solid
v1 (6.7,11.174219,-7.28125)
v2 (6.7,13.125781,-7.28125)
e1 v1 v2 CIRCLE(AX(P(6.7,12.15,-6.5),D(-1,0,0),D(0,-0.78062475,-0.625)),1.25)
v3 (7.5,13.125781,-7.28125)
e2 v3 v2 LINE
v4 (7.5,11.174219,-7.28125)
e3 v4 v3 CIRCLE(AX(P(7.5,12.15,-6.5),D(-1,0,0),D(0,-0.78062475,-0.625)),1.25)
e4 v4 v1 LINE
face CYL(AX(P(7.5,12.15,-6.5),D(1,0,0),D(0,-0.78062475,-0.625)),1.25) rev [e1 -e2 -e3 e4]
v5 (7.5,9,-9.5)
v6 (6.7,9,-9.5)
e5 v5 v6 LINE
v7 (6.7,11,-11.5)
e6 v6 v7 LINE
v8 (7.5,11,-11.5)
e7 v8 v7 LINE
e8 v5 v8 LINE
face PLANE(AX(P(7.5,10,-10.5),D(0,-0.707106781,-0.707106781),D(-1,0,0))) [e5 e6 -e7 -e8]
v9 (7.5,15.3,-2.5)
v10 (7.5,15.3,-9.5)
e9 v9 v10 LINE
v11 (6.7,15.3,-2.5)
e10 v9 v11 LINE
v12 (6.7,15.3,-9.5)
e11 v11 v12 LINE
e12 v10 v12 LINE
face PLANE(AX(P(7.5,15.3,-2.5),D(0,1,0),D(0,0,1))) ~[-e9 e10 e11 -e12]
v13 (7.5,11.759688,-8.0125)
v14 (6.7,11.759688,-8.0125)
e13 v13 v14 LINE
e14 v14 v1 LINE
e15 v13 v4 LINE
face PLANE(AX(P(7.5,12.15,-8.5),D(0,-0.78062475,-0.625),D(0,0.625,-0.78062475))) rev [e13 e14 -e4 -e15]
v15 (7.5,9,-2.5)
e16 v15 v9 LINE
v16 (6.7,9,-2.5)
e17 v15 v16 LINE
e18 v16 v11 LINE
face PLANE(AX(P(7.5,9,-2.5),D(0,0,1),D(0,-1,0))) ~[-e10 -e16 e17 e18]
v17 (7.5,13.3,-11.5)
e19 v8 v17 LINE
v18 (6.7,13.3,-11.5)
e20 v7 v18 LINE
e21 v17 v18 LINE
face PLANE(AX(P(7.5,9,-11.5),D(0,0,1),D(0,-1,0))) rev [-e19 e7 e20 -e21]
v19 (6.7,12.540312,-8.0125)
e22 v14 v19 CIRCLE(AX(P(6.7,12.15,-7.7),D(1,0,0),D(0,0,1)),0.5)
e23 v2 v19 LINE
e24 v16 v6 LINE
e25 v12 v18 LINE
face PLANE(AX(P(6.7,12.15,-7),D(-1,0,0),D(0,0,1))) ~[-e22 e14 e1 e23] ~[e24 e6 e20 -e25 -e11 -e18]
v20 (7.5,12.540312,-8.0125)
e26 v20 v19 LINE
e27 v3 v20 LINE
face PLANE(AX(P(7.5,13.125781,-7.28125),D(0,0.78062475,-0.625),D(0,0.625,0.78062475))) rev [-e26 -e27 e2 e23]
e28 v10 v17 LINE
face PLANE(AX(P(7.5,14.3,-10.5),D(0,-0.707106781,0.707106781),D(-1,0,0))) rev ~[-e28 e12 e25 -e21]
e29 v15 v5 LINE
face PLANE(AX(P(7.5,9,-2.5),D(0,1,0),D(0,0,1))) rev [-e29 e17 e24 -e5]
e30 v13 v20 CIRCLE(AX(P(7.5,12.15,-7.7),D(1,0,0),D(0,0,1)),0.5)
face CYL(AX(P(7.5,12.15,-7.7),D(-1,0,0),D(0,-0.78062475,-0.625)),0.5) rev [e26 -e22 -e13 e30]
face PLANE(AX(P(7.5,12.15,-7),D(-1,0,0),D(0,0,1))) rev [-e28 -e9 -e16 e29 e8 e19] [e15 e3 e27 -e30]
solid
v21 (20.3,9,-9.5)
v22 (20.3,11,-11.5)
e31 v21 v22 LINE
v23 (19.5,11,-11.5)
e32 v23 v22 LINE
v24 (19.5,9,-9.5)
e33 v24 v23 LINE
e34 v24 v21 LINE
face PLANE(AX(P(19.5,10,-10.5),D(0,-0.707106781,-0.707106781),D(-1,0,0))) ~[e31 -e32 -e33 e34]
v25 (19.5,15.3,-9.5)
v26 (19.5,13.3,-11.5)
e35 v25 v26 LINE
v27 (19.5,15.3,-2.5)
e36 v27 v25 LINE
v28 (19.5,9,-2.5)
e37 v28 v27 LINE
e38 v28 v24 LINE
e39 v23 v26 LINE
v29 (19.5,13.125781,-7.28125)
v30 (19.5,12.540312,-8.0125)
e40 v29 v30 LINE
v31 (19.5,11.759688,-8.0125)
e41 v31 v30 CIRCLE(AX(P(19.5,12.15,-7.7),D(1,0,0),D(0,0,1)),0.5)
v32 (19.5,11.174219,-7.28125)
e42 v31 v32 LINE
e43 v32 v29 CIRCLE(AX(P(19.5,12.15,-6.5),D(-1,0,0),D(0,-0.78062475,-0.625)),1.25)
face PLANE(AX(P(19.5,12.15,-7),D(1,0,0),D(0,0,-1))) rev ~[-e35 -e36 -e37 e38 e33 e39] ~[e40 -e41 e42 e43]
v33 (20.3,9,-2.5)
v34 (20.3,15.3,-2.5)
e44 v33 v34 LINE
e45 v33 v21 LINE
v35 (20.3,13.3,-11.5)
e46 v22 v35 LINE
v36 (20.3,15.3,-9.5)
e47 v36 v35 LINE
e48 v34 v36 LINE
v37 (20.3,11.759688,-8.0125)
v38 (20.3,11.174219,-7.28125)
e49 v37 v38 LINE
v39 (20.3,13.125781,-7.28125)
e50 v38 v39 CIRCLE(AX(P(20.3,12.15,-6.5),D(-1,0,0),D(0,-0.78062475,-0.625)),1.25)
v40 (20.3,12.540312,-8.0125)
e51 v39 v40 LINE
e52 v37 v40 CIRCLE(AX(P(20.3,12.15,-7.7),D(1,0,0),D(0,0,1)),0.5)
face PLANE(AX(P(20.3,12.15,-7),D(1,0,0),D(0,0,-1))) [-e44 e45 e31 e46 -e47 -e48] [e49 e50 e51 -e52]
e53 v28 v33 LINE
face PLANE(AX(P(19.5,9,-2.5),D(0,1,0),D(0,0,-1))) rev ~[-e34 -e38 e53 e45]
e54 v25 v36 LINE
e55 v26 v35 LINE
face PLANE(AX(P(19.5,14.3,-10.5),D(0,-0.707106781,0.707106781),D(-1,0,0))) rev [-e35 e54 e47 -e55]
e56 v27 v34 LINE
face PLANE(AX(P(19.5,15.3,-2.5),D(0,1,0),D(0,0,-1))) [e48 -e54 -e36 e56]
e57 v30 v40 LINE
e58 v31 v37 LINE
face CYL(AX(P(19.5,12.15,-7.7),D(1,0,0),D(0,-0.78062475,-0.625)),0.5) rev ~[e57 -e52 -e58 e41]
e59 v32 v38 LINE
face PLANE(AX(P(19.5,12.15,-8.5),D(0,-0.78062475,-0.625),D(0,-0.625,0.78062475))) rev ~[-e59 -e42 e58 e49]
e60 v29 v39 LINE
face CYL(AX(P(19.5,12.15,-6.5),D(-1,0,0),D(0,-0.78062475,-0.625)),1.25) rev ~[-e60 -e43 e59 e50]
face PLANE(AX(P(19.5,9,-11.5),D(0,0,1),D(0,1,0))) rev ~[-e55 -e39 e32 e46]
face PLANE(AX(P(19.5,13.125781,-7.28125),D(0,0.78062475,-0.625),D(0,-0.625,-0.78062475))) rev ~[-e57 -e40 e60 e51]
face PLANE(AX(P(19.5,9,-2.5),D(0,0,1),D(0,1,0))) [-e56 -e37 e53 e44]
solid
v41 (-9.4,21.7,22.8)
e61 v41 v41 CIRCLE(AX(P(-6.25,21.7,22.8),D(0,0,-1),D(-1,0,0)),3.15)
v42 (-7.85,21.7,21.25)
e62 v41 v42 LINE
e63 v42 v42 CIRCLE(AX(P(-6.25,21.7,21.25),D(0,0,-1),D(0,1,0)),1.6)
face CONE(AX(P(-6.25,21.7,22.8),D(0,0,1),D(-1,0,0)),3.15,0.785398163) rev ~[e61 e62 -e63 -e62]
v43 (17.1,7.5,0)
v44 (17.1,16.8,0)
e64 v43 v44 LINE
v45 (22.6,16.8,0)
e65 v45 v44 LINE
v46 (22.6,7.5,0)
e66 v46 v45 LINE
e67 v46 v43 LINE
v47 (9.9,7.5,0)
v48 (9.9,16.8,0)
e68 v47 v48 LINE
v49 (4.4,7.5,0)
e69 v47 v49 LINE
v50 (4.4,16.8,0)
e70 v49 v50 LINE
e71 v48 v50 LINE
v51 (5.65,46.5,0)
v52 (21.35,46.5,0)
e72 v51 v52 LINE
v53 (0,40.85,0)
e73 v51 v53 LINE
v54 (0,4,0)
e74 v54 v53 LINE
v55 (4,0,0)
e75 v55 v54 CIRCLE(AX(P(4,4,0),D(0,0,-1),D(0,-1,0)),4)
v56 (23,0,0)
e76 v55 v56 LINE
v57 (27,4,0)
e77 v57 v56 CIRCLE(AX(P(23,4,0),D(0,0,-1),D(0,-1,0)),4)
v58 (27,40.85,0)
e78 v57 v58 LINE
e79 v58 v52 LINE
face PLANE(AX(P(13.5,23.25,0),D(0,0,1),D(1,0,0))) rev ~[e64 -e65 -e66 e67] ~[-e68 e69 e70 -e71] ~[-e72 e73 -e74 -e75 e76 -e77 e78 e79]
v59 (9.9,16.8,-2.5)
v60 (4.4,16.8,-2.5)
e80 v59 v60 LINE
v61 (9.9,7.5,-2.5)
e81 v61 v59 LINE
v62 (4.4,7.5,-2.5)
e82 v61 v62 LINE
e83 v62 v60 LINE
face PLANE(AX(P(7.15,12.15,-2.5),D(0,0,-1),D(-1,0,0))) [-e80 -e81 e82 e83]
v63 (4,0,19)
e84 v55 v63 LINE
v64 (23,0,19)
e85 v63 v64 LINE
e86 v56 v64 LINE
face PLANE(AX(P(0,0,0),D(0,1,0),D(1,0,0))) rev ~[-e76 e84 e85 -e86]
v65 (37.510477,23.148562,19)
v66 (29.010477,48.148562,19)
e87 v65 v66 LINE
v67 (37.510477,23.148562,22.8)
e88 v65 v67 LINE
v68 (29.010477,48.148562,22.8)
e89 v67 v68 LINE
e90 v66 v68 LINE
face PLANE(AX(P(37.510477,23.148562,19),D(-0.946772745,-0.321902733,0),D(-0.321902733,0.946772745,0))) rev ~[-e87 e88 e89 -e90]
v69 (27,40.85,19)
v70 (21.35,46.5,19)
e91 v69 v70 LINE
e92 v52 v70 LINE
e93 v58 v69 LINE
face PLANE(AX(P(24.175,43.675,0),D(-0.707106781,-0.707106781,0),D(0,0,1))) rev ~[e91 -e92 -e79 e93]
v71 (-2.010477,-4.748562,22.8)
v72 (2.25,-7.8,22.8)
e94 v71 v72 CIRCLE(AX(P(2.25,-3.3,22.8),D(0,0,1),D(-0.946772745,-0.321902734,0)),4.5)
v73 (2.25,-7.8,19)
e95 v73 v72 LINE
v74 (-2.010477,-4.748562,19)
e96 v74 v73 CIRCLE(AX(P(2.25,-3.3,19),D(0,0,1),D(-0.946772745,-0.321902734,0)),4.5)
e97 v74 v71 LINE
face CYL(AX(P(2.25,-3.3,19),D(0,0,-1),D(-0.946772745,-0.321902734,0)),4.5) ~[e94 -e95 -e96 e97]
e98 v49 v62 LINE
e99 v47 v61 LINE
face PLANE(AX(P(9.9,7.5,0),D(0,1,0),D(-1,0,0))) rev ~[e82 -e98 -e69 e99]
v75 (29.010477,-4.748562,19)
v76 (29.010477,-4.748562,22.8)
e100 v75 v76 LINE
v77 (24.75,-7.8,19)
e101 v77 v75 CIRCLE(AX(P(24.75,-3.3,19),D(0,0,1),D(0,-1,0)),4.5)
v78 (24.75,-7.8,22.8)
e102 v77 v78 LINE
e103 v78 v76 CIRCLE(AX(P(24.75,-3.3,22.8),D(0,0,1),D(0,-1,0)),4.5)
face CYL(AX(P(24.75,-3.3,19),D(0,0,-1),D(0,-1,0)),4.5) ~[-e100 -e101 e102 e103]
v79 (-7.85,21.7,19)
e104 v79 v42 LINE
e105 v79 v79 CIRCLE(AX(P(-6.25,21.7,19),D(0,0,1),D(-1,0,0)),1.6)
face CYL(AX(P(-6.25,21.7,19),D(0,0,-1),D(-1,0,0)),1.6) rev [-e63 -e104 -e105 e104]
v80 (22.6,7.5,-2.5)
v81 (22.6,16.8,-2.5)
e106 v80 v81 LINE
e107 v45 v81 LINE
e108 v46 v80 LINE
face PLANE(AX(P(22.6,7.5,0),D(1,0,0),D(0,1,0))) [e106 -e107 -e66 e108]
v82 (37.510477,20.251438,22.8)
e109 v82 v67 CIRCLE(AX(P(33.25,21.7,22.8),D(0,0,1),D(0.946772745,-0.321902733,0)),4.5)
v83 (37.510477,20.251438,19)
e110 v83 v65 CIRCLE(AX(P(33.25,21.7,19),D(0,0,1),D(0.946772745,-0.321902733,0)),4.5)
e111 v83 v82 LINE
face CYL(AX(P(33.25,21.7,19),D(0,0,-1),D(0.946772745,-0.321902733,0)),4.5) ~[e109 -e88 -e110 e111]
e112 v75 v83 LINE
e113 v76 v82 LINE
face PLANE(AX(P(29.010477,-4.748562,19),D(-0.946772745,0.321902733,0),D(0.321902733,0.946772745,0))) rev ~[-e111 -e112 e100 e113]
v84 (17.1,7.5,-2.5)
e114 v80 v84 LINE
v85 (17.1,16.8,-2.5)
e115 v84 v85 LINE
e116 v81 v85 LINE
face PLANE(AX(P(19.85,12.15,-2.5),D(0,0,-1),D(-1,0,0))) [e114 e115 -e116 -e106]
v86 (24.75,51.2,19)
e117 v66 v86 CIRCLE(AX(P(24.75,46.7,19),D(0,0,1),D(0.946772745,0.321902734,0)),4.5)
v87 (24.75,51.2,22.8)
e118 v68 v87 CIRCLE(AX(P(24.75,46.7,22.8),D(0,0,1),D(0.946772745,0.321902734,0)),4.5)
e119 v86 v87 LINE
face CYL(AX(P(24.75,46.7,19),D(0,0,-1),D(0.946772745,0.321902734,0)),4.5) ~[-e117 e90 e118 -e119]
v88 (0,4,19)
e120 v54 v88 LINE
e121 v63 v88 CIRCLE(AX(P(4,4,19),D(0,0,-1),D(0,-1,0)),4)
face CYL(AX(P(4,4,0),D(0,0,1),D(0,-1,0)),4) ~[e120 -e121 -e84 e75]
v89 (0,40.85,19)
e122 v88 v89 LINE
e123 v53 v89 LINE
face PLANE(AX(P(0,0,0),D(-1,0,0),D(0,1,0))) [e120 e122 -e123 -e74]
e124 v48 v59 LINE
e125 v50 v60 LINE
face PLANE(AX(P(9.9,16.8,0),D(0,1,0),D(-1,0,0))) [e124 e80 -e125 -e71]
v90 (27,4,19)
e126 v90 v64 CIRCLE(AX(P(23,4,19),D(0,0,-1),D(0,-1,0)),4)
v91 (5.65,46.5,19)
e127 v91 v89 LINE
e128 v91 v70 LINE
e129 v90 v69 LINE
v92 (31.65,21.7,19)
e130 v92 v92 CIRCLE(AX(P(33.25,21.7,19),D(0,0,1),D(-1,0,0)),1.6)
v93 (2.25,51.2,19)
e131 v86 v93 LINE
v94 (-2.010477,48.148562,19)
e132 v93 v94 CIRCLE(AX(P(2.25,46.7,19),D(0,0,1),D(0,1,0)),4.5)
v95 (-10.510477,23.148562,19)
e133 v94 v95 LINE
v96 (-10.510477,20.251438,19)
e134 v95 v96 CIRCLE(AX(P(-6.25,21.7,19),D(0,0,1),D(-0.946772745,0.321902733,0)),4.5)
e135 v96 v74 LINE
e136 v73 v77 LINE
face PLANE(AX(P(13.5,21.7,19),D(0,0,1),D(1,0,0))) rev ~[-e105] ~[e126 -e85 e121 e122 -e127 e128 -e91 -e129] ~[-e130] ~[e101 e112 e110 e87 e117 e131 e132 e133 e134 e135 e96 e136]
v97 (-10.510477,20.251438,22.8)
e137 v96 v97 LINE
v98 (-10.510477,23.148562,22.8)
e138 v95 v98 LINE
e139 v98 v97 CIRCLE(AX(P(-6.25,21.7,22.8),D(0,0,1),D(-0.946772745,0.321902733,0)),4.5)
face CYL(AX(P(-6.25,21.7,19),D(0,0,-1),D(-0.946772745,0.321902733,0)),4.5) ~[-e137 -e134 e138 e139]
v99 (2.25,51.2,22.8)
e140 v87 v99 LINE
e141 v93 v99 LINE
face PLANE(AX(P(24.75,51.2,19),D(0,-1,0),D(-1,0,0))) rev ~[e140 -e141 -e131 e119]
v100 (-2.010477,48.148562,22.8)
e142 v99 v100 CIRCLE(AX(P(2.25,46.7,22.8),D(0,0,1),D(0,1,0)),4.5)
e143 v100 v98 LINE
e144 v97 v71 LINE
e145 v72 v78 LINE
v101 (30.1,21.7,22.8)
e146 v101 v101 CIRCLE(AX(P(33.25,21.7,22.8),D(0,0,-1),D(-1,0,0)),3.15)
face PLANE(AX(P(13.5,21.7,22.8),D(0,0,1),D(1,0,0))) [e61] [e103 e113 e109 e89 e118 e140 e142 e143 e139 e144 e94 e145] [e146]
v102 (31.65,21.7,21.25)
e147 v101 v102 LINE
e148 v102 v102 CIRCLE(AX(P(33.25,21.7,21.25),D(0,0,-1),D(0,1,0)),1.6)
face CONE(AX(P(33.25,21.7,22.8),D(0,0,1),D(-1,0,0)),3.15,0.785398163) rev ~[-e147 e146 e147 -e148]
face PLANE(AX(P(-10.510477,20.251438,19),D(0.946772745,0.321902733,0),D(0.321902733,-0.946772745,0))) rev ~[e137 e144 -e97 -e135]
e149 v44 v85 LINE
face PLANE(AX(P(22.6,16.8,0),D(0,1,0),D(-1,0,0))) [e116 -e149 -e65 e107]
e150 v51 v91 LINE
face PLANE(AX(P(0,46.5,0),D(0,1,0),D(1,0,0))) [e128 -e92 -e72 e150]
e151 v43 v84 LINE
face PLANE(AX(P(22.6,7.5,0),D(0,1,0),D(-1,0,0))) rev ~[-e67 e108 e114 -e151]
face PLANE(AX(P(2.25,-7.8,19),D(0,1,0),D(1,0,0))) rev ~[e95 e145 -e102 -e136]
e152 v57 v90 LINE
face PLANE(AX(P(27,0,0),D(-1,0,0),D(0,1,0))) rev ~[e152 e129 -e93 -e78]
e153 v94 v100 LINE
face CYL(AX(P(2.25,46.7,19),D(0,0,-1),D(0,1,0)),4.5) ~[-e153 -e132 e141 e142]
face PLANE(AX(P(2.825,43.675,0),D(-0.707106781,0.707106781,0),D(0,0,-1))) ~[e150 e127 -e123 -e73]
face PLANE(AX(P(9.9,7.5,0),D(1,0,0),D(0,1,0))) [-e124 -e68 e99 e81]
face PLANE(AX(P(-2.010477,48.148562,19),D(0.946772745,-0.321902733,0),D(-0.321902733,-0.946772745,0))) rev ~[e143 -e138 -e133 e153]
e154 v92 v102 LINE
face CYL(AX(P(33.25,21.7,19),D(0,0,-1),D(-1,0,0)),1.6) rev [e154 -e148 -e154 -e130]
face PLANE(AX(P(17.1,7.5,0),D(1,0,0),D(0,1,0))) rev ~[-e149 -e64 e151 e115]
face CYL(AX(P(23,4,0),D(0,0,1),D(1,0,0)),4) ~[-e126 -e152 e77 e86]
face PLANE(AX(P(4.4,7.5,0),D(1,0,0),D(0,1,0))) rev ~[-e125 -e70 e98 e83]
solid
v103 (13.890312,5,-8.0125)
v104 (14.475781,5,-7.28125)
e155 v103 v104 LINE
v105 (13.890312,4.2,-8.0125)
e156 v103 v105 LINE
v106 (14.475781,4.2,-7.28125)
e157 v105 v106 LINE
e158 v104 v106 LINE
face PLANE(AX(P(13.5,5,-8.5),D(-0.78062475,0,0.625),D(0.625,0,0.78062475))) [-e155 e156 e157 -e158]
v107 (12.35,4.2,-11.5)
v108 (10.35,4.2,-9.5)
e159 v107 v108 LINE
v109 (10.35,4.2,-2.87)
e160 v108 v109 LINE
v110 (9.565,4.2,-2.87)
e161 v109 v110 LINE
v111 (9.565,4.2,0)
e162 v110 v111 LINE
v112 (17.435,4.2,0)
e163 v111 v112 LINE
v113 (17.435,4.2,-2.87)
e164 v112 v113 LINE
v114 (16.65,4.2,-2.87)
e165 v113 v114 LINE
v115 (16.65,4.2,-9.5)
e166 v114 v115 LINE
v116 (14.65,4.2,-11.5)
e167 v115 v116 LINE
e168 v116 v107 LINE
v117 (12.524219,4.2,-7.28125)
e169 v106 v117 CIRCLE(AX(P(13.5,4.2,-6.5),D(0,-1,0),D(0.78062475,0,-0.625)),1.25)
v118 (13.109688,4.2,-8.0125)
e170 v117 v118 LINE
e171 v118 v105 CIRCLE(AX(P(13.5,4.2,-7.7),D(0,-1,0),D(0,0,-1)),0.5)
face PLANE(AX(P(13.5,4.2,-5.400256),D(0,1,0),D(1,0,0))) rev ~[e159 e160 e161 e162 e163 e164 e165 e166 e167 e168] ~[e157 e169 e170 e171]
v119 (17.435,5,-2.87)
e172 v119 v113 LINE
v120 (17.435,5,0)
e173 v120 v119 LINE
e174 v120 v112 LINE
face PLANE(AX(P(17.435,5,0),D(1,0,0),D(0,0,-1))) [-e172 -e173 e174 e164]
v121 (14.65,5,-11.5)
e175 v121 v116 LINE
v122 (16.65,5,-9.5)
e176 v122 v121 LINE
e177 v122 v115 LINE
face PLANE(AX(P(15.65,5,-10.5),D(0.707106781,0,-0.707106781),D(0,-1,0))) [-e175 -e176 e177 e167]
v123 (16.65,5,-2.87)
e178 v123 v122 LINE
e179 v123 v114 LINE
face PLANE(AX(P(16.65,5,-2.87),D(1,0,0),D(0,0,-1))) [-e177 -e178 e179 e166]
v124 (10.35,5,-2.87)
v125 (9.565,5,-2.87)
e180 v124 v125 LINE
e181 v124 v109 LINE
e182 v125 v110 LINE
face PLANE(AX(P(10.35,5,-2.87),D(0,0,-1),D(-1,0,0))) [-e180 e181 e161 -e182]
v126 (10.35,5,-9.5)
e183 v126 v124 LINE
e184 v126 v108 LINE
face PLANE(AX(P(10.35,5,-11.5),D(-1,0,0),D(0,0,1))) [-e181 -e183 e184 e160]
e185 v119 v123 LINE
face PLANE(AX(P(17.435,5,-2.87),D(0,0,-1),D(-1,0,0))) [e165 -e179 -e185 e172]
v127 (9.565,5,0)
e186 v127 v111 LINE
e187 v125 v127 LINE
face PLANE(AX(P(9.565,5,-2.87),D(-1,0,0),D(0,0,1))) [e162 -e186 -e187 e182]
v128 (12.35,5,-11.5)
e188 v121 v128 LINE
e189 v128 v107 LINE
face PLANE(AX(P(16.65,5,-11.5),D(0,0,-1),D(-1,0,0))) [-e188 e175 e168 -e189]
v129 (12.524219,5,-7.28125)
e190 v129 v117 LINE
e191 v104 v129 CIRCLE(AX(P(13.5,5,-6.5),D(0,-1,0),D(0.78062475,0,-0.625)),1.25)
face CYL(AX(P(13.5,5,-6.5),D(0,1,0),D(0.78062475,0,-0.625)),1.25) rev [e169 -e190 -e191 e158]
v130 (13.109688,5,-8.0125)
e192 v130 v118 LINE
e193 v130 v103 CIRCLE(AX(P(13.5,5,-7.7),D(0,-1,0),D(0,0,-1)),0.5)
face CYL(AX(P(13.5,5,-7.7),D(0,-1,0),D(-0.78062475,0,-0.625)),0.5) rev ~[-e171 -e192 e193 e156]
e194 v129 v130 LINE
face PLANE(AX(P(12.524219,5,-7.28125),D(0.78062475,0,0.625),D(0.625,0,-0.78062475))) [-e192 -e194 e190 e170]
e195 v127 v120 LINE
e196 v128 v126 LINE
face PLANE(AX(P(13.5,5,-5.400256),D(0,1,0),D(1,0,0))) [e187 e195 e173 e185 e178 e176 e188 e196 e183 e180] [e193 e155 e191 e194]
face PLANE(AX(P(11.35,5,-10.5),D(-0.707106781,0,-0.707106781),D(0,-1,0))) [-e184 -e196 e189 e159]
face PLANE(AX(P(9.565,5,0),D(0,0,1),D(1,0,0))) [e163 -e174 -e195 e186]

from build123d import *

# Parameters (mm, degrees)
SKETCH1_W                                       = 27
SKETCH1_H                                       = 46.5
BOSS_EXTRUDE1_DEPTH                             = 19
SKETCH2_R                                       = 1.6
BOSS_EXTRUDE2_DEPTH                             = 3.8
CSK_FOR_M3_FLAT_HEAD_MACHINE_SCREW1_D           = 3.2
CSK_FOR_M3_FLAT_HEAD_MACHINE_SCREW1_CSINK_D     = 6.3
CSK_FOR_M3_FLAT_HEAD_MACHINE_SCREW1_CSINK_ANGLE = 90
SKETCH5_W                                       = 5.5
SKETCH5_H                                       = 9.3
BOSS_EXTRUDE3_DEPTH                             = 2.5
BOSS_EXTRUDE4_DEPTH                             = 0.8
CHAMFER1_SIZE                                   = 2
FILLET1_R                                       = 0.5
SKETCH7_W                                       = 9
SKETCH7_H                                       = 6.3
BOSS_EXTRUDE5_DEPTH                             = 0.8
CHAMFER2_SIZE                                   = 2
FILLET3_R                                       = 0.5
CHAMFER3_SIZE                                   = 5.65
FILLET2_R                                       = 4


with BuildPart() as part:
    # Sketch1 → Boss-Extrude1 (new body)
    with BuildSketch(Plane.XY):
        with Locations((13.5, 23.25)):
            Rectangle(SKETCH1_W, SKETCH1_H)
    extrude(amount=BOSS_EXTRUDE1_DEPTH)

    # Sketch2 → Boss-Extrude2 (add)
    with BuildSketch(Plane.XY.offset(19)):
        with BuildLine():
            Line((2.25, -7.8), (24.75, -7.8))
            ThreePointArc((24.75, -7.8), (27.370254725, -6.958451199), (29.010477352, -4.7485623))
            Line((29.010477352, -4.7485623), (37.510477352, 20.2514377))
            ThreePointArc((37.510477352, 20.2514377), (37.75, 21.7), (37.510477352, 23.1485623))
            Line((37.510477352, 23.1485623), (29.010477352, 48.1485623))
            ThreePointArc((29.010477352, 48.1485623), (27.370254725, 50.358451199), (24.75, 51.2))
            Line((24.75, 51.2), (2.25, 51.2))
            ThreePointArc((2.25, 51.2), (-0.370254725, 50.358451199), (-2.010477352, 48.1485623))
            Line((-2.010477352, 48.1485623), (-10.510477352, 23.1485623))
            ThreePointArc((-10.510477352, 23.1485623), (-10.75, 21.7), (-10.510477352, 20.2514377))
            Line((-10.510477352, 20.2514377), (-2.010477352, -4.7485623))
            ThreePointArc((-2.010477352, -4.7485623), (-0.370254725, -6.958451199), (2.25, -7.8))
        make_face()
        with Locations(Location((-6.25, 21.7, 0), (0, 0, 180))):
            Circle(SKETCH2_R, mode=Mode.SUBTRACT)
        with Locations(Location((33.25, 21.7, 0), (0, 0, 180))):
            Circle(SKETCH2_R, mode=Mode.SUBTRACT)
    extrude(amount=BOSS_EXTRUDE2_DEPTH)

    # CSK for M3 Flat Head Machine Screw1 (through all)
    with Locations(Plane.XY.offset(22.8)):
        with Locations((-6.25, 21.7), (33.25, 21.7)):
            CounterSinkHole(CSK_FOR_M3_FLAT_HEAD_MACHINE_SCREW1_D / 2, CSK_FOR_M3_FLAT_HEAD_MACHINE_SCREW1_CSINK_D / 2, counter_sink_angle=CSK_FOR_M3_FLAT_HEAD_MACHINE_SCREW1_CSINK_ANGLE)

    # Sketch5 → Boss-Extrude3 (add)
    with BuildSketch(Plane(origin=(0, 0, 0), x_dir=(-1, 0, 0), z_dir=(0, 0, -1))):
        with Locations((-19.85, 12.15)):
            Rectangle(SKETCH5_W, SKETCH5_H)
        with Locations((-7.15, 12.15)):
            Rectangle(SKETCH5_W, SKETCH5_H)
    extrude(amount=BOSS_EXTRUDE3_DEPTH)

    # Chamfer3
    chamfer3_edges = [part.edges().sort_by_distance(p)[0] for p in [
        (0, 46.5, 9.5),
        (27, 46.5, 9.5),
    ]]
    chamfer(chamfer3_edges, length=CHAMFER3_SIZE)

    # Fillet2
    fillet2_edges = [part.edges().sort_by_distance(p)[0] for p in [
        (27, 0, 9.5),
        (0, 0, 9.5),
    ]]
    fillet(fillet2_edges, radius=FILLET2_R)


with BuildPart() as body_2:
    # Sketch6 → Boss-Extrude4 (new body)
    with BuildSketch(Plane(origin=(0, 5, 0), x_dir=(-1, 0, 0), z_dir=(0, -1, 0))):
        Polygon((-17.435, 0), (-17.435, 2.87), (-16.65, 2.87), (-16.65, 11.5), (-10.35, 11.5), (-10.35, 2.87), (-9.565, 2.87), (-9.565, 0), align=None)
        with BuildLine():
            Line((-13.5, 8.5), (-14.475780937, 7.28125))
            ThreePointArc((-14.475780937, 7.28125), (-13.5, 5.25), (-12.524219063, 7.28125))
            Line((-12.524219063, 7.28125), (-13.5, 8.5))
        make_face(mode=Mode.SUBTRACT)
    extrude(amount=BOSS_EXTRUDE4_DEPTH)

    # Chamfer1
    chamfer1_edges = [body_2.edges().sort_by_distance(p)[0] for p in [
        (16.65, 4.6, -11.5),
        (10.35, 4.6, -11.5),
    ]]
    chamfer(chamfer1_edges, length=CHAMFER1_SIZE)

    # Fillet1
    fillet1_edges = [body_2.edges().sort_by_distance(p)[0] for p in [
        (13.5, 4.6, -8.5),
    ]]
    fillet(fillet1_edges, radius=FILLET1_R)


with BuildPart() as body_3:
    # Sketch7 → Boss-Extrude5 (new body)
    with BuildSketch(Plane(origin=(19.5, 0, 0), x_dir=(0, 0, -1), z_dir=(1, 0, 0))):
        with Locations((7, 12.15)):
            Rectangle(SKETCH7_W, SKETCH7_H)
        with BuildLine():
            Line((7.28125, 13.125780937), (8.5, 12.15))
            Line((8.5, 12.15), (7.28125, 11.174219063))
            ThreePointArc((7.28125, 11.174219063), (5.25, 12.15), (7.28125, 13.125780937))
        make_face(mode=Mode.SUBTRACT)
    extrude(amount=BOSS_EXTRUDE5_DEPTH)

    # Chamfer2
    chamfer2_edges = [body_3.edges().sort_by_distance(p)[0] for p in [
        (19.9, 15.3, -11.5),
        (19.9, 9, -11.5),
    ]]
    chamfer(chamfer2_edges, length=CHAMFER2_SIZE)

    # Fillet3
    fillet3_edges = [body_3.edges().sort_by_distance(p)[0] for p in [
        (19.9, 12.15, -8.5),
    ]]
    fillet(fillet3_edges, radius=FILLET3_R)


with BuildPart() as body_4:
    # Mirror2: mirrored copy
    add(body_3.part.mirror(Plane(origin=(13.5, 0, 0), x_dir=(0, 0, 1), z_dir=(1, 0, 0))))


solid = Compound([part.part, body_2.part, body_3.part, body_4.part])
